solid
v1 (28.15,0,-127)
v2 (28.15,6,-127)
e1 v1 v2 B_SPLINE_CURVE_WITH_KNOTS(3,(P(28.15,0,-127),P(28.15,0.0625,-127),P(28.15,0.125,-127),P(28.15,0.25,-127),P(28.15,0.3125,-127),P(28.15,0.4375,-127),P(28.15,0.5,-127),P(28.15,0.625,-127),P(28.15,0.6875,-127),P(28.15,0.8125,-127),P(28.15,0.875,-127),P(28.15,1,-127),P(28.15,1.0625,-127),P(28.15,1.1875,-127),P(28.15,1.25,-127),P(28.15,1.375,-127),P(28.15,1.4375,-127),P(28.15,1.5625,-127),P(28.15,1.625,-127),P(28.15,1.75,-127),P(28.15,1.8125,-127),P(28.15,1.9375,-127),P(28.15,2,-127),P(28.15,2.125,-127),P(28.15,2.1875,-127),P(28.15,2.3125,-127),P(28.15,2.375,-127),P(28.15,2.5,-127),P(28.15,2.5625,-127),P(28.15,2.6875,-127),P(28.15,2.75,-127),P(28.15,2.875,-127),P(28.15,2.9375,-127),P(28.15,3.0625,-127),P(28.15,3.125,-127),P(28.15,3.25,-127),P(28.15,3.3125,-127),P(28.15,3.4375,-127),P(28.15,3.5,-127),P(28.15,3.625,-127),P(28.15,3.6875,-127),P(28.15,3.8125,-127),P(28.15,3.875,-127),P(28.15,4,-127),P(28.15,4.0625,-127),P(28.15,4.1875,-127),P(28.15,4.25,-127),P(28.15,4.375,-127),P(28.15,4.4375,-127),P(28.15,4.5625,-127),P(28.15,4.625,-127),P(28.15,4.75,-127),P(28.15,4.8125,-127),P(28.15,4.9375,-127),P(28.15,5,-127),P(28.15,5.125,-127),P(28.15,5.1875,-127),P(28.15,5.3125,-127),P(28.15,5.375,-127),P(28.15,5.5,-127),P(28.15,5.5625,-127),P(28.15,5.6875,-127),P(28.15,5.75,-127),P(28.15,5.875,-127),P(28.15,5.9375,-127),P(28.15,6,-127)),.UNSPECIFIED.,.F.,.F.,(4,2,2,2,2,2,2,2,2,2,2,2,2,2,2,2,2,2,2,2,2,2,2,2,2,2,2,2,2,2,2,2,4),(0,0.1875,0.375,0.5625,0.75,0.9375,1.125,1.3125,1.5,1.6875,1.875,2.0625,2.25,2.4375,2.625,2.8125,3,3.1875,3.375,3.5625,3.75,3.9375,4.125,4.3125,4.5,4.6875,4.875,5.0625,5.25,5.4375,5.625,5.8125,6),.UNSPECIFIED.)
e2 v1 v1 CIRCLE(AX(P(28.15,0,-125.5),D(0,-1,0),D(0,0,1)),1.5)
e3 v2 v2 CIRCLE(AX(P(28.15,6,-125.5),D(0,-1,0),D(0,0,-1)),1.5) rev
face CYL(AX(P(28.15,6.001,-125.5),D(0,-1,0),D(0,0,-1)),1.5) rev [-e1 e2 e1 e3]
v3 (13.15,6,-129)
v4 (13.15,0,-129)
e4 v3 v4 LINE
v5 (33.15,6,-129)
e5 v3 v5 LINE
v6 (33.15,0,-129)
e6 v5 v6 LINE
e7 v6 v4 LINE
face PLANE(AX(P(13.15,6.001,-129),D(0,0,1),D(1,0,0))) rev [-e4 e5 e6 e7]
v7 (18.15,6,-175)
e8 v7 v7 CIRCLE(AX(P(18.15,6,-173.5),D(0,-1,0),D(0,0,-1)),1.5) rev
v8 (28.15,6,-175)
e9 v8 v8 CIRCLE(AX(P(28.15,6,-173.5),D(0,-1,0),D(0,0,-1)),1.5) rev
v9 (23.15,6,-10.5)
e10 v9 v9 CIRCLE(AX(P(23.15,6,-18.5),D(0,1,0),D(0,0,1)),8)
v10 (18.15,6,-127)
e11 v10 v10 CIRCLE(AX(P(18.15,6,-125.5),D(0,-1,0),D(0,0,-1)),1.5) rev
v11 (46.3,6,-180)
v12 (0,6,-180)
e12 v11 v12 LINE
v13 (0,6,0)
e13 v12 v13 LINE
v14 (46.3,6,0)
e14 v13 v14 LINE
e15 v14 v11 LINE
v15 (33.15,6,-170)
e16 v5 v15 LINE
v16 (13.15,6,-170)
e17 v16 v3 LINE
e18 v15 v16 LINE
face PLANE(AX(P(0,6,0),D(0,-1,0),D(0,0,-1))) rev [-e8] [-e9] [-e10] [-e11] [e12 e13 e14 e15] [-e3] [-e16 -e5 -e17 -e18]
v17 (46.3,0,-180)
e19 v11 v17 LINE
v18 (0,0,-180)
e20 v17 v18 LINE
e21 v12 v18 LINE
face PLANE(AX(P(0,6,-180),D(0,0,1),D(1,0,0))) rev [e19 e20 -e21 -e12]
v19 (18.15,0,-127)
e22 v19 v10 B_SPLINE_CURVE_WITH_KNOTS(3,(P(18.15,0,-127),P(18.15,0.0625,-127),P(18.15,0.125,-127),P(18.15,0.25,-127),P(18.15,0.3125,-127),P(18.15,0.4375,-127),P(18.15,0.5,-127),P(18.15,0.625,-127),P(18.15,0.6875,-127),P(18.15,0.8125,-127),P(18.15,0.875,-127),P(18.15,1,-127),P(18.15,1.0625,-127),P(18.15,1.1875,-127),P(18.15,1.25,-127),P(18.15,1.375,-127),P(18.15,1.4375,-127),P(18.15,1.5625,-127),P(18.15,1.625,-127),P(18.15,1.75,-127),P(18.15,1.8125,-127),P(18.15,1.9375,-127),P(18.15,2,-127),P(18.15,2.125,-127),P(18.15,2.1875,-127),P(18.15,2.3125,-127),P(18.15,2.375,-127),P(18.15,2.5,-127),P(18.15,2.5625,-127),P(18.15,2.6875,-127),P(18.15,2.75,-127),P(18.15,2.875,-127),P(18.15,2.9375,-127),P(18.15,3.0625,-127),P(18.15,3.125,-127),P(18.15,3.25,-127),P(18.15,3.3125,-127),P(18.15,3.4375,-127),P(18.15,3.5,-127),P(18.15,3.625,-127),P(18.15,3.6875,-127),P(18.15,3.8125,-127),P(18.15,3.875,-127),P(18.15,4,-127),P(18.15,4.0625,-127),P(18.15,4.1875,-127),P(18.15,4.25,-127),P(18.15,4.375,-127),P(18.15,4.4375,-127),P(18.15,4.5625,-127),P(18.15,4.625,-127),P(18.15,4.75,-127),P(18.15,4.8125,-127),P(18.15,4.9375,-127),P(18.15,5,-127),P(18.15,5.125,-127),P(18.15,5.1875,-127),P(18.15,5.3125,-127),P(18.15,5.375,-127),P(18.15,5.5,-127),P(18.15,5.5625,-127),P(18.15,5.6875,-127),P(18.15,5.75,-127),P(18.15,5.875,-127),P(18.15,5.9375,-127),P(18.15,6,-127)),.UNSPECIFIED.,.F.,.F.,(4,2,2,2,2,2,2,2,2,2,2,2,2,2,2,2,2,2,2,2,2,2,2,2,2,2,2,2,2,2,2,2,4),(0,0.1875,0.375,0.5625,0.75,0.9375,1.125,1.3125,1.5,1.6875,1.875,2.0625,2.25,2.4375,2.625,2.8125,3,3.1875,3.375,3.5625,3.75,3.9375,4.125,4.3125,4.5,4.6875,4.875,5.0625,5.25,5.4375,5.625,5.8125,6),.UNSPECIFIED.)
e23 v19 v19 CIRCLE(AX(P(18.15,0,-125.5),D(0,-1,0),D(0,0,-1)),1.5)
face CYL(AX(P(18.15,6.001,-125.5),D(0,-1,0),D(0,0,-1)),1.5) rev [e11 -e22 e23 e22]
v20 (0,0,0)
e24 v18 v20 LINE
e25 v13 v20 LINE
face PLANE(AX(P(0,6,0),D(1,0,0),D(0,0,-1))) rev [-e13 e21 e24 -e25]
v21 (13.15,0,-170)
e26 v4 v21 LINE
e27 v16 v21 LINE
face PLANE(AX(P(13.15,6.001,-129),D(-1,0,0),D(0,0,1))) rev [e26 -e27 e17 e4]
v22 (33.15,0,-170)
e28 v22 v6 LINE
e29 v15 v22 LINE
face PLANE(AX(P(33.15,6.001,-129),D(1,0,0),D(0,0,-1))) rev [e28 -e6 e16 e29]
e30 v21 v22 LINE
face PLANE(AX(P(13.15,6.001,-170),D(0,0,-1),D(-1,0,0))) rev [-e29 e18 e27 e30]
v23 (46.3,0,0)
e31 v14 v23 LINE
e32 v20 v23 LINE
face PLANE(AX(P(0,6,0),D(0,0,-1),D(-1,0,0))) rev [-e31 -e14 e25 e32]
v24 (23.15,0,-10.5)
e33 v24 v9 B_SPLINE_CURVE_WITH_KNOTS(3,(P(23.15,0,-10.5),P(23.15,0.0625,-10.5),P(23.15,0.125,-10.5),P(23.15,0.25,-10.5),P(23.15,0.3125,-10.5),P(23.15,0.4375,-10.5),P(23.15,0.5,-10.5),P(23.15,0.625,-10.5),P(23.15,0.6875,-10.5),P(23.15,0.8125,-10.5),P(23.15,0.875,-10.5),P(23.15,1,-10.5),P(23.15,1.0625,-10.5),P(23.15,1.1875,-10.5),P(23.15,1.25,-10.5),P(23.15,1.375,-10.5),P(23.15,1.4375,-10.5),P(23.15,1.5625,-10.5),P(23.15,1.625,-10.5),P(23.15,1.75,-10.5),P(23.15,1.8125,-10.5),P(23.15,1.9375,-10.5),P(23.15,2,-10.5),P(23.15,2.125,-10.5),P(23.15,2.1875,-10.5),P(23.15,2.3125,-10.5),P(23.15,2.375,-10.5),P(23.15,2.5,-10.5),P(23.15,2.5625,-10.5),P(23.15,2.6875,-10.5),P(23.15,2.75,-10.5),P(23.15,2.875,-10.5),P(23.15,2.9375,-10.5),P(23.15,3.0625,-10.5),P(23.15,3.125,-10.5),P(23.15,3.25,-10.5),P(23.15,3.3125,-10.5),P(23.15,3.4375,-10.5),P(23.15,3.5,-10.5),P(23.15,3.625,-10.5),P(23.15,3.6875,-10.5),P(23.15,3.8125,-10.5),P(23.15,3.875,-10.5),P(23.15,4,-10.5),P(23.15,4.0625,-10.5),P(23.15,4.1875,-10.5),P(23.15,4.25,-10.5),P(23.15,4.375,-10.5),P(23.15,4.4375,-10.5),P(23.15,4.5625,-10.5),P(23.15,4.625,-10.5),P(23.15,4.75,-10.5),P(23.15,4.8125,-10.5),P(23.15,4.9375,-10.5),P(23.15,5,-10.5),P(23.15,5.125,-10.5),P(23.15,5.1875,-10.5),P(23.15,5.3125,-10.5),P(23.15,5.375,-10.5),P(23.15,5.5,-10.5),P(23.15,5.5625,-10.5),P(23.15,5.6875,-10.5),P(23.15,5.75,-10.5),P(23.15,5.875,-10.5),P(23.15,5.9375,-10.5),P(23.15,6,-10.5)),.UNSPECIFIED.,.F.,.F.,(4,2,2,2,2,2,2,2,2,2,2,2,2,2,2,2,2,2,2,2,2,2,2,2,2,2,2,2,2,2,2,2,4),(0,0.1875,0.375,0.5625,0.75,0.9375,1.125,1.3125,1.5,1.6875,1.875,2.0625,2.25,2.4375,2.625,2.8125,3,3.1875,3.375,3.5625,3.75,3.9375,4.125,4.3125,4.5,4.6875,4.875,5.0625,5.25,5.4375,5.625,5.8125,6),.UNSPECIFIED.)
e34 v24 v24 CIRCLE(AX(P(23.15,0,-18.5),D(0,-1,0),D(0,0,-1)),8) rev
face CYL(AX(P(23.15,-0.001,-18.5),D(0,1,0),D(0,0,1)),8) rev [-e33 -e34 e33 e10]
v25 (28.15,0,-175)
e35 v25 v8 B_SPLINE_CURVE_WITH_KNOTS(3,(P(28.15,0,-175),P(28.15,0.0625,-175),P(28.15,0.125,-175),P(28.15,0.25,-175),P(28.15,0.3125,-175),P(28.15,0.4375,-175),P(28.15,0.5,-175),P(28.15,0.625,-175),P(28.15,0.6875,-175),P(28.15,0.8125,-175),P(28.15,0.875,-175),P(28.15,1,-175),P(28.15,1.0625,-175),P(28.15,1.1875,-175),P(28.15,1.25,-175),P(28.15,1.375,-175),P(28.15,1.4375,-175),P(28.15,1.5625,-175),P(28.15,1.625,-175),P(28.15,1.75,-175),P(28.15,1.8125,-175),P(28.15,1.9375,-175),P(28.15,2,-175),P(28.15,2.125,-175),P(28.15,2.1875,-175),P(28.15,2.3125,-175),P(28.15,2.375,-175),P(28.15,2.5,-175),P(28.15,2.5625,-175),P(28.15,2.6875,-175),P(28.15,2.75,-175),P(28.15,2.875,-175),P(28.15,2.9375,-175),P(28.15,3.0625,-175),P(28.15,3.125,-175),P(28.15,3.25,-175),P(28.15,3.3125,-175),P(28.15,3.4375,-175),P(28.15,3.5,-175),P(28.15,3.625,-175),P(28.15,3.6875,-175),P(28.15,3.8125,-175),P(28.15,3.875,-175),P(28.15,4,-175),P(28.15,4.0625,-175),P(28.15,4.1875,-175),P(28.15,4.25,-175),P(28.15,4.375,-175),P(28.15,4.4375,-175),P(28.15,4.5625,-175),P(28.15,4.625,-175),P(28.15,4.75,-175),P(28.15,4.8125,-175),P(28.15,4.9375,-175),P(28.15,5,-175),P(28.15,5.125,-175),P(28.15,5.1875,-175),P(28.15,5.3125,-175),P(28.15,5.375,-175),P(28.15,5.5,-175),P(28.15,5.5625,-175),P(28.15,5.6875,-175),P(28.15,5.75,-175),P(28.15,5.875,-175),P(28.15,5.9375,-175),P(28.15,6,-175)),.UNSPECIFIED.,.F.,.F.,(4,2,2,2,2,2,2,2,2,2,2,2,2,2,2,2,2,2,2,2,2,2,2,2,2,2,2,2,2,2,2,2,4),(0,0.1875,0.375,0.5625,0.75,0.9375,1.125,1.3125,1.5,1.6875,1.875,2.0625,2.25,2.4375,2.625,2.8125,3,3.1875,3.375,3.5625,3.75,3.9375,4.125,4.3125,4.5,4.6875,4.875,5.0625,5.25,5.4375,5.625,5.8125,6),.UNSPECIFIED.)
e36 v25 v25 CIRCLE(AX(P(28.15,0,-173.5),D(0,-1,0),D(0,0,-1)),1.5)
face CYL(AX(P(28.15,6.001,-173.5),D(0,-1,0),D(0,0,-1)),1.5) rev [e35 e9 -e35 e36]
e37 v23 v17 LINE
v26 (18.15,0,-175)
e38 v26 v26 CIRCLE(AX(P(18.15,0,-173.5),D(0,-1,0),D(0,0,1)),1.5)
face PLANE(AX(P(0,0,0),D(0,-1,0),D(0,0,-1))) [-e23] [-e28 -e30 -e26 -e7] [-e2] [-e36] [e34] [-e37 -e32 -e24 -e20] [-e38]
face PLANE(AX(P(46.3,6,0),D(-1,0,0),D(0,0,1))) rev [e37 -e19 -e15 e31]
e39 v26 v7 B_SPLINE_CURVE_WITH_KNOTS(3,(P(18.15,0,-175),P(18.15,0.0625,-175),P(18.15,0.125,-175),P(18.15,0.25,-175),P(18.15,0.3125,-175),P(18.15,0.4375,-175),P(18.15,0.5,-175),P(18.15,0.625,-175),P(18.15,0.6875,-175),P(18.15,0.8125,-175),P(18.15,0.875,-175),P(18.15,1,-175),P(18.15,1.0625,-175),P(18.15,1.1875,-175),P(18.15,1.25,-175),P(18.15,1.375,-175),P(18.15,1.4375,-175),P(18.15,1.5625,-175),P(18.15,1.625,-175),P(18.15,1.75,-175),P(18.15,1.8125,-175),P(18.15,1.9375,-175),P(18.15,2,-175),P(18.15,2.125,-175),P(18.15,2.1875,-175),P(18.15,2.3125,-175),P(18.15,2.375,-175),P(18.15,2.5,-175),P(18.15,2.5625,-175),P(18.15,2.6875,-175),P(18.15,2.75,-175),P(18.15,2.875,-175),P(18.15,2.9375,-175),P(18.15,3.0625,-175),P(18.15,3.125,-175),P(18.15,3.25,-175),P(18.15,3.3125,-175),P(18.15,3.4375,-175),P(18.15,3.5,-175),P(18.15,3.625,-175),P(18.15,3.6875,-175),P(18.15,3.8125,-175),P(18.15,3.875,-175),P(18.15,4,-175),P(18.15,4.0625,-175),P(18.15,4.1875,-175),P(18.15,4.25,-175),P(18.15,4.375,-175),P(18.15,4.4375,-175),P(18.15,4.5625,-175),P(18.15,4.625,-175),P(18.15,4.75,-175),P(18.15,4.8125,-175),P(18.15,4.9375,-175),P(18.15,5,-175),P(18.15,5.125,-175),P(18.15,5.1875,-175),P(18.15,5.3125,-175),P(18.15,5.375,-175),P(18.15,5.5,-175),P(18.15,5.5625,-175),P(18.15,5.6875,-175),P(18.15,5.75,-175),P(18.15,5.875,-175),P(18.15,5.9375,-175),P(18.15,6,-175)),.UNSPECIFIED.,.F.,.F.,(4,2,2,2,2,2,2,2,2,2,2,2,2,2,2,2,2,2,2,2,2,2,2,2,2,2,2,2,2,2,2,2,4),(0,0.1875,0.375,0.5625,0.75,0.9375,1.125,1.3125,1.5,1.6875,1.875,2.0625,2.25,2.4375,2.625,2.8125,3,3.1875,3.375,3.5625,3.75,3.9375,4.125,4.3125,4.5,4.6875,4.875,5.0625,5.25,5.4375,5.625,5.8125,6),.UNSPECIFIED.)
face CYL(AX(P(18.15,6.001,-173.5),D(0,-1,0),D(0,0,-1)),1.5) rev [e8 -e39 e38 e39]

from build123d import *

# Parameters (mm, degrees)
SKETCH1_W           = 46.3
SKETCH1_H           = 180
BOSS_EXTRUDE1_DEPTH = 6
CUT_EXTRUDE1_REACH  = 187.956
SKETCH2_R           = 8
CUT_EXTRUDE2_REACH  = 187.956
SKETCH4_R           = 1.5
SKETCH4_W           = 20
SKETCH4_H           = 41


with BuildPart() as part:
    # Sketch1 → Boss-Extrude1 (new body)
    with BuildSketch(Plane(origin=(0, 0, 0), x_dir=(1, 0, 0), z_dir=(0, 1, 0))):
        with Locations((23.15, 90)):
            Rectangle(SKETCH1_W, SKETCH1_H)
    extrude(amount=BOSS_EXTRUDE1_DEPTH)

    # Sketch2 → Cut-Extrude1 (cut, up to next)
    with BuildSketch(Plane(origin=(0, 6, 0), x_dir=(1, 0, 0), z_dir=(0, 1, 0)), mode=Mode.PRIVATE) as cut_extrude1_sk1:
        with Locations(Location((23.15, 18.5, 0), (0, 0, 270))):
            Circle(SKETCH2_R)
    cut_extrude1_tool1 = extrude(cut_extrude1_sk1.sketch, amount=-CUT_EXTRUDE1_REACH, mode=Mode.PRIVATE) & part.part
    add(cut_extrude1_tool1.solids().sort_by_distance((23.15, 6, -18.5))[0], mode=Mode.SUBTRACT)

    # Sketch4 → Cut-Extrude2 (cut, up to next)
    with BuildSketch(Plane.XZ, mode=Mode.PRIVATE) as cut_extrude2_sk1:
        with Locations(Location((28.15, -173.5, 0), (0, 0, 270))):
            Circle(SKETCH4_R)
    cut_extrude2_tool1 = extrude(cut_extrude2_sk1.sketch, amount=-CUT_EXTRUDE2_REACH, mode=Mode.PRIVATE) & part.part
    # Sketch4 → Cut-Extrude2 (cut, up to next)
    with BuildSketch(Plane.XZ, mode=Mode.PRIVATE) as cut_extrude2_sk2:
        with Locations(Location((18.15, -173.5, 0), (0, 0, 270))):
            Circle(SKETCH4_R)
    cut_extrude2_tool2 = extrude(cut_extrude2_sk2.sketch, amount=-CUT_EXTRUDE2_REACH, mode=Mode.PRIVATE) & part.part
    # Sketch4 → Cut-Extrude2 (cut, up to next)
    with BuildSketch(Plane.XZ, mode=Mode.PRIVATE) as cut_extrude2_sk3:
        with Locations(Location((18.15, -125.5, 0), (0, 0, 270))):
            Circle(SKETCH4_R)
    cut_extrude2_tool3 = extrude(cut_extrude2_sk3.sketch, amount=-CUT_EXTRUDE2_REACH, mode=Mode.PRIVATE) & part.part
    # Sketch4 → Cut-Extrude2 (cut, up to next)
    with BuildSketch(Plane.XZ, mode=Mode.PRIVATE) as cut_extrude2_sk4:
        with Locations(Location((28.15, -125.5, 0), (0, 0, 270))):
            Circle(SKETCH4_R)
    cut_extrude2_tool4 = extrude(cut_extrude2_sk4.sketch, amount=-CUT_EXTRUDE2_REACH, mode=Mode.PRIVATE) & part.part
    # Sketch4 → Cut-Extrude2 (cut, up to next)
    with BuildSketch(Plane.XZ, mode=Mode.PRIVATE) as cut_extrude2_sk5:
        with Locations((23.15, -149.5)):
            Rectangle(SKETCH4_W, SKETCH4_H)
    cut_extrude2_tool5 = extrude(cut_extrude2_sk5.sketch, amount=-CUT_EXTRUDE2_REACH, mode=Mode.PRIVATE) & part.part
    add(cut_extrude2_tool1.solids().sort_by_distance((28.15, 0, -173.5))[0], mode=Mode.SUBTRACT)
    add(cut_extrude2_tool2.solids().sort_by_distance((18.15, 0, -173.5))[0], mode=Mode.SUBTRACT)
    add(cut_extrude2_tool3.solids().sort_by_distance((18.15, 0, -125.5))[0], mode=Mode.SUBTRACT)
    add(cut_extrude2_tool4.solids().sort_by_distance((28.15, 0, -125.5))[0], mode=Mode.SUBTRACT)
    add(cut_extrude2_tool5.solids().sort_by_distance((23.15, 0, -149.5))[0], mode=Mode.SUBTRACT)


solid = part.part
